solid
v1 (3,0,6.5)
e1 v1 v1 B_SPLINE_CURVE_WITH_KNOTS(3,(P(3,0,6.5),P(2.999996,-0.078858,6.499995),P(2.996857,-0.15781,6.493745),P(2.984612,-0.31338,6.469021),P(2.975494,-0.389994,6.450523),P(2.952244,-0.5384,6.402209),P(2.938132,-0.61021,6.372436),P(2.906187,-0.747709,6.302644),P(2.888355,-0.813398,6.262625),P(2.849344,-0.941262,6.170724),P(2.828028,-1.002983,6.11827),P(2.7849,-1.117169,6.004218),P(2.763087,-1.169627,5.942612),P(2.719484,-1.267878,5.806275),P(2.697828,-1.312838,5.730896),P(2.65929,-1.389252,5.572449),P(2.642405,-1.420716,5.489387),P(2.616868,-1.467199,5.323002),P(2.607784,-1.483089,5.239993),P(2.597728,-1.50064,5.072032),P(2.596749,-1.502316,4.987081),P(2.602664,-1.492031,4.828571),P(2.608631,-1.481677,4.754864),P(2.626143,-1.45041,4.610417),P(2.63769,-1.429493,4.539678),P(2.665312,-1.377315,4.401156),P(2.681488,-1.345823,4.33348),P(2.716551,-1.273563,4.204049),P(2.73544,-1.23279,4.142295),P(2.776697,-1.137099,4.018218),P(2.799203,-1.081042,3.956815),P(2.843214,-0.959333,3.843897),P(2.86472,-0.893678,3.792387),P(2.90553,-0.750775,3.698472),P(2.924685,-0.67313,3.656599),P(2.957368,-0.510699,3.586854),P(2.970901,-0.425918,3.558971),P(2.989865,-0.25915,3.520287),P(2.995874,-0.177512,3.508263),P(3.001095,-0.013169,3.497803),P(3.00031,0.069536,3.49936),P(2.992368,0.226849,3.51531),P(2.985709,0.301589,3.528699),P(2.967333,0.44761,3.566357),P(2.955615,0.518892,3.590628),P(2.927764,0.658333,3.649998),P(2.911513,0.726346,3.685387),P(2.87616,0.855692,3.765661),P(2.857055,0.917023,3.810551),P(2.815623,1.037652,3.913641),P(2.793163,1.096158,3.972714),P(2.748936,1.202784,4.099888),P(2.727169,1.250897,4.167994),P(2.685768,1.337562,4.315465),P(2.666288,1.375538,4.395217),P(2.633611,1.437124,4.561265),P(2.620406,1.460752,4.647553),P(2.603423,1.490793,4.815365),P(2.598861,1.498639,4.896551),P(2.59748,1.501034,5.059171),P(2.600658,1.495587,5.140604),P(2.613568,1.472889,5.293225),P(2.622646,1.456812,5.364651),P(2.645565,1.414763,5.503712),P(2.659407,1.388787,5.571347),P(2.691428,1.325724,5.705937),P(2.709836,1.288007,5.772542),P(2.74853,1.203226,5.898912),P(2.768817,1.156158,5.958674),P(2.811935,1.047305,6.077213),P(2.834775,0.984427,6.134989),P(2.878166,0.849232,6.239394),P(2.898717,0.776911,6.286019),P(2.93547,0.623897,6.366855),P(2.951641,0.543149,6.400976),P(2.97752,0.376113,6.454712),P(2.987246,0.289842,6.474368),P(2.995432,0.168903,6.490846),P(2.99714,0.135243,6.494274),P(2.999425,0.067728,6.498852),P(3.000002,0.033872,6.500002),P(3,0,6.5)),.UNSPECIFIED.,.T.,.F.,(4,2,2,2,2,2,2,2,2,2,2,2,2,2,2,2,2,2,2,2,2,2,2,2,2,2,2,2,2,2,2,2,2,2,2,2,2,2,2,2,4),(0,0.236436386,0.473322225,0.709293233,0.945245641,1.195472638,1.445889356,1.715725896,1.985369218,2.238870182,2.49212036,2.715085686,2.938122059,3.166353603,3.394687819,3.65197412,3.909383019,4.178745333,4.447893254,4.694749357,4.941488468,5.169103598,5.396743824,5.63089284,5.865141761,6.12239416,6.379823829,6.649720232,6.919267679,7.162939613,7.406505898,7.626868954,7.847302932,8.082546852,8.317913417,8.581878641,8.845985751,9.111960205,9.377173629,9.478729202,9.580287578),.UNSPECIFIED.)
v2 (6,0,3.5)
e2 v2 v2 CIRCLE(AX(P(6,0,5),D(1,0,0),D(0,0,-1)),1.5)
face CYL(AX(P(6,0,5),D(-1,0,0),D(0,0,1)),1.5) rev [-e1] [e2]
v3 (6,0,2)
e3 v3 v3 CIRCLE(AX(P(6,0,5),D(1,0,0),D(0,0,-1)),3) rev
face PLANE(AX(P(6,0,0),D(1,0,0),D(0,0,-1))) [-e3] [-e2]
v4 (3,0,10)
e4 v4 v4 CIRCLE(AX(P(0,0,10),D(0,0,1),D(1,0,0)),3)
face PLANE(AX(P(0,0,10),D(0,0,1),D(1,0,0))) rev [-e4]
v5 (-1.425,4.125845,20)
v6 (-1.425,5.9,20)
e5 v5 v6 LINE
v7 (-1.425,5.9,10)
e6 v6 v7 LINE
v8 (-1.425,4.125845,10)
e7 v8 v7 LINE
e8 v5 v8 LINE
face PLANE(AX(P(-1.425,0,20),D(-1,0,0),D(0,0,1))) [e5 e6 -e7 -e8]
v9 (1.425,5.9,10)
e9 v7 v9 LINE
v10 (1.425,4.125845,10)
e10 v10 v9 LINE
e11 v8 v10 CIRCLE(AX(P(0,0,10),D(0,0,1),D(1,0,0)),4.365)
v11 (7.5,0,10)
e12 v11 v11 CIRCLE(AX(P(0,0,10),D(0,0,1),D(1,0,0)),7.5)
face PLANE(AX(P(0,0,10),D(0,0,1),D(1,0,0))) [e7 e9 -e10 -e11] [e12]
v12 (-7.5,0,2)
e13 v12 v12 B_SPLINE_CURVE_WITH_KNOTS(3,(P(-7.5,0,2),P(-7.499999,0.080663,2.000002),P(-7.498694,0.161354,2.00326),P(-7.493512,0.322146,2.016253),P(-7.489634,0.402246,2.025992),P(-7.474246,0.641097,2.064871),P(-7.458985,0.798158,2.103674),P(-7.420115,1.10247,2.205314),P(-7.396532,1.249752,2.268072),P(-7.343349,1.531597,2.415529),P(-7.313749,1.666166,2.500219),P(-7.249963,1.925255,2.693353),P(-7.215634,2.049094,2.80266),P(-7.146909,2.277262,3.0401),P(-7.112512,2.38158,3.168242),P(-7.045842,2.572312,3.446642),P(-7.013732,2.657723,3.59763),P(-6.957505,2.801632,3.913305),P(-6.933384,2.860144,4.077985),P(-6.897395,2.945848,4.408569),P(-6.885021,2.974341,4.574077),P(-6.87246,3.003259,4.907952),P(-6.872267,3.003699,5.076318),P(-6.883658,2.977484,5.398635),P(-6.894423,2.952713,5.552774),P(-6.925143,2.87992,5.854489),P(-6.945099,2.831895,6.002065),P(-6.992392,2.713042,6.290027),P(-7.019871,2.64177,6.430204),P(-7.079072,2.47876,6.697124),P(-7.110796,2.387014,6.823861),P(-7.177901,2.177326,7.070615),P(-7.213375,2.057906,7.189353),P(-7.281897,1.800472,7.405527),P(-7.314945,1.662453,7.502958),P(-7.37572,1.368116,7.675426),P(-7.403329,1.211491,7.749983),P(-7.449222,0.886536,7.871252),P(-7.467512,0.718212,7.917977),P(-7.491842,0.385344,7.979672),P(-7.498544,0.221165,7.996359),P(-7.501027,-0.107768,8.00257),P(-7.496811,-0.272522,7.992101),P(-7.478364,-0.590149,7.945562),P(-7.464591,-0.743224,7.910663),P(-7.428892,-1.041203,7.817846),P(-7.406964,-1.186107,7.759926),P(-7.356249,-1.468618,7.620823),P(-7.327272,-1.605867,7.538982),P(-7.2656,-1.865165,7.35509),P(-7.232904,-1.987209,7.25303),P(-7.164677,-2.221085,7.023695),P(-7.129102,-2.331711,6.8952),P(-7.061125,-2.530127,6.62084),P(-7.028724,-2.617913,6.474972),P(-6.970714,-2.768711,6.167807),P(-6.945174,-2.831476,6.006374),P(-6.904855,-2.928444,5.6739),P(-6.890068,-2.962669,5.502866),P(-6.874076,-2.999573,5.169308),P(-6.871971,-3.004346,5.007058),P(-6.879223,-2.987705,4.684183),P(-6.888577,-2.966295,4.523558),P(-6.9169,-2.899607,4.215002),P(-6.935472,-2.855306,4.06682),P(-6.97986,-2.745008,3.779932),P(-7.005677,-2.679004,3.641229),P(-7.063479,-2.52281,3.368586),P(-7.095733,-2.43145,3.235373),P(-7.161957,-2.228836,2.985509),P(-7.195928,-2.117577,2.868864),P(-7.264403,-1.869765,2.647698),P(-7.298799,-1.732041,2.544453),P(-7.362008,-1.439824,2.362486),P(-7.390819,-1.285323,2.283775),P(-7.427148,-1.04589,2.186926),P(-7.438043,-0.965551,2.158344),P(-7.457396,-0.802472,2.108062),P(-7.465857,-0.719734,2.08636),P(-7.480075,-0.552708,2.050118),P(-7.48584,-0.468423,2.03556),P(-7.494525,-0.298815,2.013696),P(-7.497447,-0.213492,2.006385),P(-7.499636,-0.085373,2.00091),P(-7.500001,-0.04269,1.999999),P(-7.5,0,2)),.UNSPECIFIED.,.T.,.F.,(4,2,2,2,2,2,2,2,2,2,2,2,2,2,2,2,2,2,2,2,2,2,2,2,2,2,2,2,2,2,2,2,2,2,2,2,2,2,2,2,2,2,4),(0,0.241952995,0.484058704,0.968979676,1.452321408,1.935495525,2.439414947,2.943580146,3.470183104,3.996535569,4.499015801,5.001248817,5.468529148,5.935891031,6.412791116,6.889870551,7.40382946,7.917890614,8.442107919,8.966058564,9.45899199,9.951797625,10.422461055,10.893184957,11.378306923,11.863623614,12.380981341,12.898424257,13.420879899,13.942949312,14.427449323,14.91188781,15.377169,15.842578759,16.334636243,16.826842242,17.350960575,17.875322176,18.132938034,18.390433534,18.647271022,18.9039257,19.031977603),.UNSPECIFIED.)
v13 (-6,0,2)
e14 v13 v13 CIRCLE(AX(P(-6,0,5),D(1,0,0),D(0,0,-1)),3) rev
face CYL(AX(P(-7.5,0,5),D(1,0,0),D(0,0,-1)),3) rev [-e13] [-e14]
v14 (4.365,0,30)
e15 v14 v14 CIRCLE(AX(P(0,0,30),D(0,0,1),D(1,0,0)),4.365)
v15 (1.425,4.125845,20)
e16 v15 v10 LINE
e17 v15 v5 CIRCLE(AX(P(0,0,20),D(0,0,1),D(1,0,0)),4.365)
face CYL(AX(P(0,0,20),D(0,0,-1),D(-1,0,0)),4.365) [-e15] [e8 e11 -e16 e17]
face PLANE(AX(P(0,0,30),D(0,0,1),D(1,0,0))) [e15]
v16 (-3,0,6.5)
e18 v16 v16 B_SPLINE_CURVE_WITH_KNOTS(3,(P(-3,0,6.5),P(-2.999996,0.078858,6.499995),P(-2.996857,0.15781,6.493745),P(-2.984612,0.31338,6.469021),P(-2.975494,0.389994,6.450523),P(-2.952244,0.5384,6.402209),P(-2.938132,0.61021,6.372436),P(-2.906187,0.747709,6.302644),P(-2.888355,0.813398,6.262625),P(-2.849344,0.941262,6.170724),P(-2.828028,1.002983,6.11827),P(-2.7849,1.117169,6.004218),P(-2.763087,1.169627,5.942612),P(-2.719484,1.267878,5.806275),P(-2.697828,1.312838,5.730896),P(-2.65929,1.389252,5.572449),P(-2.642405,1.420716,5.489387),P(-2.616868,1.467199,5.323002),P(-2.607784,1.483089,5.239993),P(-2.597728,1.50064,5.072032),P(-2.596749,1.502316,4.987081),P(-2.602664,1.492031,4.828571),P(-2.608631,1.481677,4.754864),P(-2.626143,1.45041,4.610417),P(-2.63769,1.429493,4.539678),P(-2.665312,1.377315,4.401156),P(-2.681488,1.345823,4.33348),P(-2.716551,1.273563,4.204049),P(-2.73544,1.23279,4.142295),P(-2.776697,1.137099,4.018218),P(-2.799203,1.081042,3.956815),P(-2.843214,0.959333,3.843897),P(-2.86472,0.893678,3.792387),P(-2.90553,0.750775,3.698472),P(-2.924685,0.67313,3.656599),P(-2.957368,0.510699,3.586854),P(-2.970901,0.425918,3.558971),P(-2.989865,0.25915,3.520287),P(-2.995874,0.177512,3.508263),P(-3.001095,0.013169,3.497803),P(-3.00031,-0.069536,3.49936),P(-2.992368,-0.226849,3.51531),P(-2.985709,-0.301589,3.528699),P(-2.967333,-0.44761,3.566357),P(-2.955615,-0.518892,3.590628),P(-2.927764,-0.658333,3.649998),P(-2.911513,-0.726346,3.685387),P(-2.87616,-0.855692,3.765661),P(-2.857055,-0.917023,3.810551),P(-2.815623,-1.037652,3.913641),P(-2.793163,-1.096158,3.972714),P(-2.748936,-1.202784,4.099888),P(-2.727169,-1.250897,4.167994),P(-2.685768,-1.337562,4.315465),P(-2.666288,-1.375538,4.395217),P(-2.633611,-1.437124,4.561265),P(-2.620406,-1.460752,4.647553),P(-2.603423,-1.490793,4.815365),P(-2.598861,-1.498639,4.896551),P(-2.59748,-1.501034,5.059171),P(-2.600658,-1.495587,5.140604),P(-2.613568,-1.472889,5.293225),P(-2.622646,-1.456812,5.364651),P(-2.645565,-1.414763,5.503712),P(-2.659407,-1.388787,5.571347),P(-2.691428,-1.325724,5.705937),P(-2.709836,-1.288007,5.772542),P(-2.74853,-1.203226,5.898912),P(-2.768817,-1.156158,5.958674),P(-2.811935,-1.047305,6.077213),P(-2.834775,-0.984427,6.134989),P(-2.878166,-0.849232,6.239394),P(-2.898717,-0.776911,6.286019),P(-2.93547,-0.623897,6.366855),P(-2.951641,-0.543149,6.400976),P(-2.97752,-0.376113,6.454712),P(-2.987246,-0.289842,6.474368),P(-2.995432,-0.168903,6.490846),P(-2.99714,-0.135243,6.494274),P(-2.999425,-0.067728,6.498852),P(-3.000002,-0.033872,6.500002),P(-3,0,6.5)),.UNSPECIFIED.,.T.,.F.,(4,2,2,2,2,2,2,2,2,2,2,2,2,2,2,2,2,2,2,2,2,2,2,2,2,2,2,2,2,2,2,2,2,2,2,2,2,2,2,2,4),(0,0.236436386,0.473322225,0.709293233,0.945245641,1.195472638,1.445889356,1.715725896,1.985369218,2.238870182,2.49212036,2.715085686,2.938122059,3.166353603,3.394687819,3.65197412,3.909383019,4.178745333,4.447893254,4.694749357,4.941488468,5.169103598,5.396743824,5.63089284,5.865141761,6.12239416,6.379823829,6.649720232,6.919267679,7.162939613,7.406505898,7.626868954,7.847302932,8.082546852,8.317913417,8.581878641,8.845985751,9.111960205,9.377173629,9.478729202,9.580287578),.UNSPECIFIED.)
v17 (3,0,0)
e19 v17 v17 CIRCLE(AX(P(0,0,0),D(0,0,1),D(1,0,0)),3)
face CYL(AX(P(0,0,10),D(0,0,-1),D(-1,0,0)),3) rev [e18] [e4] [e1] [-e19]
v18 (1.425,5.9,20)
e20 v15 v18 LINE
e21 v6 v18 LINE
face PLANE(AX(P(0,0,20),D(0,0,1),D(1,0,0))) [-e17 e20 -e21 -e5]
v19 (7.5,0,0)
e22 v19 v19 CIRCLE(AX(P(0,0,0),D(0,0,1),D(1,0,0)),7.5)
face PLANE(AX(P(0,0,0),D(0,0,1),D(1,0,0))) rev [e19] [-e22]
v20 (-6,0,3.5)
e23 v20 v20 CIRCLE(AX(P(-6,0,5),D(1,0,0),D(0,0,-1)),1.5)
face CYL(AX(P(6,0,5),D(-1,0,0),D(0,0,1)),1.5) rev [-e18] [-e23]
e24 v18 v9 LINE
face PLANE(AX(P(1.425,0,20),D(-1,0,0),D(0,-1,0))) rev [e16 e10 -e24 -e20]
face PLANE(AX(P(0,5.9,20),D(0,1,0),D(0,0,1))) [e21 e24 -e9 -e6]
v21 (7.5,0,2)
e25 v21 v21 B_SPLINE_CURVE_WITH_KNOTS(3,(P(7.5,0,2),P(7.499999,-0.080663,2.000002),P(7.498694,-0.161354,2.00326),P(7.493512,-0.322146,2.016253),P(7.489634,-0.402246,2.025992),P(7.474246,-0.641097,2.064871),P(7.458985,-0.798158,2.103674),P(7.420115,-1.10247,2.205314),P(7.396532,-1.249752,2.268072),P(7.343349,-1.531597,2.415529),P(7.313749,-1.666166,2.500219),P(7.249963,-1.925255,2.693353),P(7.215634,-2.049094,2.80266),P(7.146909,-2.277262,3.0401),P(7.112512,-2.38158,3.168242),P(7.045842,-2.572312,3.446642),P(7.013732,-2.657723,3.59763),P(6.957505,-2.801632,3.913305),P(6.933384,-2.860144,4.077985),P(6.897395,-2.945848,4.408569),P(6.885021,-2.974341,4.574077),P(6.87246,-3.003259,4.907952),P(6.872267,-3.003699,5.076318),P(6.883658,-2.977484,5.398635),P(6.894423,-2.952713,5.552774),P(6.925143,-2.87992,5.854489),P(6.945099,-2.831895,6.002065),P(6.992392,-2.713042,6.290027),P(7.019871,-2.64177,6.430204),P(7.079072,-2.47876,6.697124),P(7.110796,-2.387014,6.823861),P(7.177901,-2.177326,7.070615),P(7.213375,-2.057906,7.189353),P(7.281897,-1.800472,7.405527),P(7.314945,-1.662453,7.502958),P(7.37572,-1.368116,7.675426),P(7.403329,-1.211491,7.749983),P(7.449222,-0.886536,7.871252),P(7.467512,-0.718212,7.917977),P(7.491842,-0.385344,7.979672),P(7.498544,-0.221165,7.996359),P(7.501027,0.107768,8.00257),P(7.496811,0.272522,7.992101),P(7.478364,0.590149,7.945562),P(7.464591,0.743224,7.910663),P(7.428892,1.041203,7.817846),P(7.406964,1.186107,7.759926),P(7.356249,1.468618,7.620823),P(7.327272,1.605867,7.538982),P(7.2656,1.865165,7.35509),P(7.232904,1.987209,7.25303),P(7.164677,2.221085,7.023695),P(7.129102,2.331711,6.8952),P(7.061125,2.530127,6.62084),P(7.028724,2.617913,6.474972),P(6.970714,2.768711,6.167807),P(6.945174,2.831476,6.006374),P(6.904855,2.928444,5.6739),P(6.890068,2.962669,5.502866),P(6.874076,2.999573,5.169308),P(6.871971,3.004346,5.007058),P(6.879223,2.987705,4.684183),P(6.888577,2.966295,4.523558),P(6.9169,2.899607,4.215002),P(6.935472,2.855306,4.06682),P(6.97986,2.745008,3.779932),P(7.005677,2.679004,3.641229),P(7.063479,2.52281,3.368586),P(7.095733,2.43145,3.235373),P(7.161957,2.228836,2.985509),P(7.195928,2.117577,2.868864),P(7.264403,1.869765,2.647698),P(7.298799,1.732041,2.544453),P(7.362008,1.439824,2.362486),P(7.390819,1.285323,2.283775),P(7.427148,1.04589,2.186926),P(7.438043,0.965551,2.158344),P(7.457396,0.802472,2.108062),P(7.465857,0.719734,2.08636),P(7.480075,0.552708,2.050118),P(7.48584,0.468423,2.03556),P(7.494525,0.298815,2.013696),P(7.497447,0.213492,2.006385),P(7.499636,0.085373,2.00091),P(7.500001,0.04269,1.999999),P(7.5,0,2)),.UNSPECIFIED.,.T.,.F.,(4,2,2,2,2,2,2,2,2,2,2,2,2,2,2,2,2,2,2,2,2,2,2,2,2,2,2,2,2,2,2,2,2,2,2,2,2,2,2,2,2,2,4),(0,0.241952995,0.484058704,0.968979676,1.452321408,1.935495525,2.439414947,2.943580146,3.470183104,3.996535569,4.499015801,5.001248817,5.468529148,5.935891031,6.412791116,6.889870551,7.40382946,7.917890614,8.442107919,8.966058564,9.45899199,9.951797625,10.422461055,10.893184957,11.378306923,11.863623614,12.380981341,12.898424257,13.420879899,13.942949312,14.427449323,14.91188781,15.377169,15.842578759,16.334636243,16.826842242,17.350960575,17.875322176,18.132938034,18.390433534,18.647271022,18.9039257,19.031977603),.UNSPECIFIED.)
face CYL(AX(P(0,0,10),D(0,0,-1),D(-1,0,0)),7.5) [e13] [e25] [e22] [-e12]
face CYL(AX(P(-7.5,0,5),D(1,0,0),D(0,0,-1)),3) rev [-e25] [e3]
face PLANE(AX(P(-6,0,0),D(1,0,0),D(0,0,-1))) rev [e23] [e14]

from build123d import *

# Parameters (mm, degrees)
SKETCH2_R               = 7.5
SKETCH2_R_2             = 3
BOSS_EXTRUDE1_DEPTH     = 10
SKETCH3_R               = 3
CUT_EXTRUDE1_DEPTH      = 8.5
CUT_EXTRUDE1_DEPTH_BACK = 8.5
SKETCH3_5_R             = 4.121610416
SKETCH3_5_R_2           = 1.5
BOSS_EXTRUDE6_DEPTH     = 6
BOSS_EXTRUDE7_DEPTH     = 10
SKETCH5_R               = 3
CUT_EXTRUDE3_DEPTH      = 10
SKETCH6_R               = 4.365
BOSS_EXTRUDE8_DEPTH     = 10


with BuildPart() as part:
    # Sketch2 → Boss-Extrude1 (new body)
    with BuildSketch(Plane.XY):
        Circle(SKETCH2_R)
        Circle(SKETCH2_R_2, mode=Mode.SUBTRACT)
    extrude(amount=BOSS_EXTRUDE1_DEPTH)

    # Sketch3 → Cut-Extrude1 (cut, two sides)
    with BuildSketch(Plane(origin=(0, 0, 0), x_dir=(0, -1, 0), z_dir=(1, 0, 0))) as cut_extrude1_sk:
        with Locations((0, -5)):
            Circle(SKETCH3_R)
    extrude(amount=CUT_EXTRUDE1_DEPTH, mode=Mode.SUBTRACT)
    extrude(cut_extrude1_sk.sketch, amount=-CUT_EXTRUDE1_DEPTH_BACK, mode=Mode.SUBTRACT)

    # Sketch3<5> → Boss-Extrude6 (add, symmetric)
    with BuildSketch(Plane(origin=(0, 0, 0), x_dir=(0, -1, 0), z_dir=(1, 0, 0))):
        with Locations((0, -5)):
            Circle(SKETCH3_5_R)
        with Locations((0, -5)):
            Circle(SKETCH3_5_R_2, mode=Mode.SUBTRACT)
    extrude(amount=BOSS_EXTRUDE6_DEPTH, both=True)

    # Sketch4 → Boss-Extrude7 (add)
    with BuildSketch(Plane.XY.offset(10)):
        with BuildLine():
            ThreePointArc((-1.425, 4.125845368), (-4.365, 0), (-1.425, -4.125845368))
            Line((-1.425, -4.125845368), (-1.425, -2.639957386))
            ThreePointArc((-1.425, -2.639957386), (-3, 0), (-1.425, 2.639957386))
            Line((-1.425, 2.639957386), (-1.425, 4.125845368))
        make_face()
        with BuildLine():
            Line((-1.425, -2.639957386), (-1.425, -4.125845368))
            ThreePointArc((-1.425, -4.125845368), (0, -4.365), (1.425, -4.125845368))
            Line((1.425, -4.125845368), (1.425, -2.639957386))
            ThreePointArc((1.425, -2.639957386), (0, -3), (-1.425, -2.639957386))
        make_face()
        with BuildLine():
            ThreePointArc((1.425, 4.125845368), (0, 4.365), (-1.425, 4.125845368))
            Line((-1.425, 4.125845368), (-1.425, 2.639957386))
            ThreePointArc((-1.425, 2.639957386), (0, 3), (1.425, 2.639957386))
            Line((1.425, 2.639957386), (1.425, 4.125845368))
        make_face()
        with BuildLine():
            Line((-1.425, 5.9), (-1.425, 4.125845368))
            ThreePointArc((-1.425, 4.125845368), (0, 4.365), (1.425, 4.125845368))
            Line((1.425, 4.125845368), (1.425, 5.9))
            Line((1.425, 5.9), (-1.425, 5.9))
        make_face()
        with BuildLine():
            Line((1.425, -2.639957386), (1.425, -4.125845368))
            ThreePointArc((1.425, -4.125845368), (3.554810122, -2.533090997), (4.365, 0))
            ThreePointArc((4.365, 0), (3.554810122, 2.533090997), (1.425, 4.125845368))
            Line((1.425, 4.125845368), (1.425, 2.639957386))
            ThreePointArc((1.425, 2.639957386), (2.576334606, 1.537042615), (3, 0))
            ThreePointArc((3, 0), (2.576334606, -1.537042615), (1.425, -2.639957386))
        make_face()
        with BuildLine():
            ThreePointArc((-1.425, 2.639957386), (-3, 0), (-1.425, -2.639957386))
            Line((-1.425, -2.639957386), (-1.425, 2.639957386))
        make_face()
        with BuildLine():
            Line((-1.425, 2.639957386), (-1.425, -2.639957386))
            ThreePointArc((-1.425, -2.639957386), (0, -3), (1.425, -2.639957386))
            Line((1.425, -2.639957386), (1.425, 2.639957386))
            ThreePointArc((1.425, 2.639957386), (0, 3), (-1.425, 2.639957386))
        make_face()
        with BuildLine():
            Line((1.425, 2.639957386), (1.425, -2.639957386))
            ThreePointArc((1.425, -2.639957386), (2.576334606, -1.537042615), (3, 0))
            ThreePointArc((3, 0), (2.576334606, 1.537042615), (1.425, 2.639957386))
        make_face()
    extrude(amount=BOSS_EXTRUDE7_DEPTH)

    # Sketch5 → Cut-Extrude3 (cut)
    with BuildSketch(Plane(origin=(0, 0, 0), x_dir=(-1, 0, 0), z_dir=(0, 0, -1))):
        Circle(SKETCH5_R)
    extrude(amount=-CUT_EXTRUDE3_DEPTH, mode=Mode.SUBTRACT)

    # Sketch6 → Boss-Extrude8 (add)
    with BuildSketch(Plane.XY.offset(20)):
        Circle(SKETCH6_R)
    extrude(amount=BOSS_EXTRUDE8_DEPTH)


solid = part.part
